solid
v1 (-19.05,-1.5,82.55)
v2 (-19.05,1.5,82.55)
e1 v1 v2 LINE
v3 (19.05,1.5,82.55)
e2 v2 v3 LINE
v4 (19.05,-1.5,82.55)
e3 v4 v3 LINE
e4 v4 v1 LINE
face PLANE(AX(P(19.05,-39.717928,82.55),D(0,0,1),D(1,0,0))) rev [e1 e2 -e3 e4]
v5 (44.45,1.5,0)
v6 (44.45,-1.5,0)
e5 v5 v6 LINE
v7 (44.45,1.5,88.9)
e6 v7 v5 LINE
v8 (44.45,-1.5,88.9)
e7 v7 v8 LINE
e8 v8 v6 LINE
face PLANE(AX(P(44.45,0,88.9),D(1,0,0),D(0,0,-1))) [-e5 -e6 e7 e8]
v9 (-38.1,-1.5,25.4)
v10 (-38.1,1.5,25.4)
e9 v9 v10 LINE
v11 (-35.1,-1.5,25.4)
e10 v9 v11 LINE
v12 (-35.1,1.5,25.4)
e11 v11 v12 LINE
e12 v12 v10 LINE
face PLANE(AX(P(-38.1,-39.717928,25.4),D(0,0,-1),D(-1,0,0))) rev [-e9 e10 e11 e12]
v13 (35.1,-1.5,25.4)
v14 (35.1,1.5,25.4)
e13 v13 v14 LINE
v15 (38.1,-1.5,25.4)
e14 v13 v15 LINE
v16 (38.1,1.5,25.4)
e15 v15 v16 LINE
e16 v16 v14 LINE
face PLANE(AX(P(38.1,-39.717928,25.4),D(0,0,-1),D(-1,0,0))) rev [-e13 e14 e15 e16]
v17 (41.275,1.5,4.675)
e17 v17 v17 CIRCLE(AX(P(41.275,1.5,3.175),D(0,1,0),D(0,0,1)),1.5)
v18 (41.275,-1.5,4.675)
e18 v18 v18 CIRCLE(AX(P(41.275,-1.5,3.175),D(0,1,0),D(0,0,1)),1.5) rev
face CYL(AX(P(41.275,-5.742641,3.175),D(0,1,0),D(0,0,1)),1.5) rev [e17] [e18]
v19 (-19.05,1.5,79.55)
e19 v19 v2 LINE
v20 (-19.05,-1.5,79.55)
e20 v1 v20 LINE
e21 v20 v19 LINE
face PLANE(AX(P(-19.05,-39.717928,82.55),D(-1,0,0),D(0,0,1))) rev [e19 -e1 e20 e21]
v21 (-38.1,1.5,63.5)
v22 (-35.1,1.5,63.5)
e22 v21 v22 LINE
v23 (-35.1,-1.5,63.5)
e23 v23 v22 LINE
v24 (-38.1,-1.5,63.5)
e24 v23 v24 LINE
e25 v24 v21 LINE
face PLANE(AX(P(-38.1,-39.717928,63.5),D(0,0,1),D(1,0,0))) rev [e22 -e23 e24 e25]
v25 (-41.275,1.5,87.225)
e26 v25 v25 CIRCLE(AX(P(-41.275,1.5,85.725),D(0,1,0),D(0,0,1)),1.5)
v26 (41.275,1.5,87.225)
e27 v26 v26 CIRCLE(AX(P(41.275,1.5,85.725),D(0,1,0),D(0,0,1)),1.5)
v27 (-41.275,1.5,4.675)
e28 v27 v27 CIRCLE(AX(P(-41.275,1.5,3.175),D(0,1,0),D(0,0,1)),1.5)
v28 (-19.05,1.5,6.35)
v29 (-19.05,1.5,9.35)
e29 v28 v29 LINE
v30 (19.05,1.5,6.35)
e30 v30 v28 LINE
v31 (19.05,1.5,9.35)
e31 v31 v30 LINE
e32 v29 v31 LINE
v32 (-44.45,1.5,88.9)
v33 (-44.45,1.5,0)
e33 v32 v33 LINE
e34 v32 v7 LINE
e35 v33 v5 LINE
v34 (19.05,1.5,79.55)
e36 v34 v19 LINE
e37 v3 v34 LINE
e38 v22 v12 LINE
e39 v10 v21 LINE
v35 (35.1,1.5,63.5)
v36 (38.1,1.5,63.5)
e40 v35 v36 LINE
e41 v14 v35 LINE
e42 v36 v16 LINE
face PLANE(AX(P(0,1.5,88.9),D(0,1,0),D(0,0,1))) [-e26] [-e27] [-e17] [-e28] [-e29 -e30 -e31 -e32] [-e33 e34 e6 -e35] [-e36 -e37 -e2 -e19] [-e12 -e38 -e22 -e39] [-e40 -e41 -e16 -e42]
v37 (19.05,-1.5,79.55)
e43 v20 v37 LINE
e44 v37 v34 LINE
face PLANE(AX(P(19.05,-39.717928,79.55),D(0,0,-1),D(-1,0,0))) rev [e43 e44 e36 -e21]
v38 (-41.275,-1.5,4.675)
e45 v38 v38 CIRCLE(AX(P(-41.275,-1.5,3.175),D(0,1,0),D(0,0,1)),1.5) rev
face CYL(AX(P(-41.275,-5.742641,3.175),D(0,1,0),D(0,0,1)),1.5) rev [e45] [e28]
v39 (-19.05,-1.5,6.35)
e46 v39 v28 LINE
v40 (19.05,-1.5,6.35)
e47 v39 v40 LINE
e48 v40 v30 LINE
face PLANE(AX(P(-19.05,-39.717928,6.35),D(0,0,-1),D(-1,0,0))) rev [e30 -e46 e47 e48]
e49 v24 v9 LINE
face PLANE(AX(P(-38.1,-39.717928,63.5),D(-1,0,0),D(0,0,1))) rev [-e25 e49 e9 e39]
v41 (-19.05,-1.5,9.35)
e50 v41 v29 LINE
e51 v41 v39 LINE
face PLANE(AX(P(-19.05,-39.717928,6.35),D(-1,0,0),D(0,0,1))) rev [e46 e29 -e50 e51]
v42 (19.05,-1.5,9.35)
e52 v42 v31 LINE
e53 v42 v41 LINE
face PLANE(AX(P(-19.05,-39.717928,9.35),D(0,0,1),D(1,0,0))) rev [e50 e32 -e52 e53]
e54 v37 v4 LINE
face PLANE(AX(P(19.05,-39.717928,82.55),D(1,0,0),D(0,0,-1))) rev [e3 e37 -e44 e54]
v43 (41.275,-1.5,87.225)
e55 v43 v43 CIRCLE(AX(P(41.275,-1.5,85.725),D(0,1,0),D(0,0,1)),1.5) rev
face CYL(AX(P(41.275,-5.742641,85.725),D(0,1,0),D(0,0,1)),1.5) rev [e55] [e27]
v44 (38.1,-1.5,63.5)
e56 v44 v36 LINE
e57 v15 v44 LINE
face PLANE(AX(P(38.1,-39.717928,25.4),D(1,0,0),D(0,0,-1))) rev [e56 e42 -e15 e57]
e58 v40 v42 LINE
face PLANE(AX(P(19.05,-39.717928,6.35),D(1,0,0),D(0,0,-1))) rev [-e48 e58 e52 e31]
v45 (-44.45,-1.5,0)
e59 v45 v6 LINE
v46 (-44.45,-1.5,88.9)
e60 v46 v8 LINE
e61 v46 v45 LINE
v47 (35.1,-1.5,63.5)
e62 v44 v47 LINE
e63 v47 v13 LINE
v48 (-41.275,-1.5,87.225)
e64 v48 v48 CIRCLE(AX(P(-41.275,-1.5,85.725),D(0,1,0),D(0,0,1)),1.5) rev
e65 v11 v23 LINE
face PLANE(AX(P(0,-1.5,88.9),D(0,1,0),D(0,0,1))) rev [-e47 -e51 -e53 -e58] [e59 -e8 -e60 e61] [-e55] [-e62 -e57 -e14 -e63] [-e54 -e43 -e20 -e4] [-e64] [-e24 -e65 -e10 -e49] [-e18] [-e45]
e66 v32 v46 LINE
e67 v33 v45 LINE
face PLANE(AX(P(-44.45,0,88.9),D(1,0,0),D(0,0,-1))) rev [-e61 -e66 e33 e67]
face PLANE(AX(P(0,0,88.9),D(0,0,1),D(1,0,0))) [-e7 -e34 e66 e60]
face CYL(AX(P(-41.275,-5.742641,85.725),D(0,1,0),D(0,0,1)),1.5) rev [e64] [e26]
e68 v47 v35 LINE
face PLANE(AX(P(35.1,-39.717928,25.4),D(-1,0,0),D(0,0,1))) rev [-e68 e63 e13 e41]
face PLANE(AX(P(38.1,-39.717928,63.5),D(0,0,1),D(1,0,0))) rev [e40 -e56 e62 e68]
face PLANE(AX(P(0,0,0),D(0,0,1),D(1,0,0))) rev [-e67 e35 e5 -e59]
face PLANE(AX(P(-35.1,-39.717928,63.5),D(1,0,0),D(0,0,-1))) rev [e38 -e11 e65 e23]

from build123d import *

# Parameters (mm, degrees)
SKETCH_2_W          = 88.9
SKETCH_2_H          = 3
EXTRUDE_1_DEPTH     = 88.9
SKETCH_4_R          = 1.5
CUT_EXTRUDE_1_DEPTH = 3
SKETCH_10_W         = 3
SKETCH_10_H         = 38.1
SKETCH_10_W_2       = 38.1
SKETCH_10_H_2       = 3
CUT_EXTRUDE_6_DEPTH = 3


with BuildPart() as part:
    # 스케치2 → 보스-돌출1 (new body)
    with BuildSketch(Plane.XY):
        Rectangle(SKETCH_2_W, SKETCH_2_H)
    extrude(amount=EXTRUDE_1_DEPTH)

    # 스케치4 → 컷-돌출1 (cut)
    with BuildSketch(Plane(origin=(0, 1.5, 0), x_dir=(1, 0, 0), z_dir=(0, 1, 0))):
        with Locations(Location((-41.275, -85.725, 0), (0, 0, 270))):
            Circle(SKETCH_4_R)
        with Locations(Location((-41.275, -3.175, 0), (0, 0, 270))):
            Circle(SKETCH_4_R)
        with Locations(Location((41.275, -3.175, 0), (0, 0, 270))):
            Circle(SKETCH_4_R)
        with Locations(Location((41.275, -85.725, 0), (0, 0, 270))):
            Circle(SKETCH_4_R)
    extrude(amount=-CUT_EXTRUDE_1_DEPTH, mode=Mode.SUBTRACT)

    # 스케치10 → 컷-돌출6 (cut)
    with BuildSketch(Plane(origin=(0, 1.5, 0), x_dir=(1, 0, 0), z_dir=(0, 1, 0))):
        with Locations((-36.6, -44.45)):
            Rectangle(SKETCH_10_W, SKETCH_10_H)
        with Locations((0, -7.85)):
            Rectangle(SKETCH_10_W_2, SKETCH_10_H_2)
        with Locations((36.6, -44.45)):
            Rectangle(SKETCH_10_W, SKETCH_10_H)
        with Locations((0, -81.05)):
            Rectangle(SKETCH_10_W_2, SKETCH_10_H_2)
    extrude(amount=-CUT_EXTRUDE_6_DEPTH, mode=Mode.SUBTRACT)


solid = part.part
